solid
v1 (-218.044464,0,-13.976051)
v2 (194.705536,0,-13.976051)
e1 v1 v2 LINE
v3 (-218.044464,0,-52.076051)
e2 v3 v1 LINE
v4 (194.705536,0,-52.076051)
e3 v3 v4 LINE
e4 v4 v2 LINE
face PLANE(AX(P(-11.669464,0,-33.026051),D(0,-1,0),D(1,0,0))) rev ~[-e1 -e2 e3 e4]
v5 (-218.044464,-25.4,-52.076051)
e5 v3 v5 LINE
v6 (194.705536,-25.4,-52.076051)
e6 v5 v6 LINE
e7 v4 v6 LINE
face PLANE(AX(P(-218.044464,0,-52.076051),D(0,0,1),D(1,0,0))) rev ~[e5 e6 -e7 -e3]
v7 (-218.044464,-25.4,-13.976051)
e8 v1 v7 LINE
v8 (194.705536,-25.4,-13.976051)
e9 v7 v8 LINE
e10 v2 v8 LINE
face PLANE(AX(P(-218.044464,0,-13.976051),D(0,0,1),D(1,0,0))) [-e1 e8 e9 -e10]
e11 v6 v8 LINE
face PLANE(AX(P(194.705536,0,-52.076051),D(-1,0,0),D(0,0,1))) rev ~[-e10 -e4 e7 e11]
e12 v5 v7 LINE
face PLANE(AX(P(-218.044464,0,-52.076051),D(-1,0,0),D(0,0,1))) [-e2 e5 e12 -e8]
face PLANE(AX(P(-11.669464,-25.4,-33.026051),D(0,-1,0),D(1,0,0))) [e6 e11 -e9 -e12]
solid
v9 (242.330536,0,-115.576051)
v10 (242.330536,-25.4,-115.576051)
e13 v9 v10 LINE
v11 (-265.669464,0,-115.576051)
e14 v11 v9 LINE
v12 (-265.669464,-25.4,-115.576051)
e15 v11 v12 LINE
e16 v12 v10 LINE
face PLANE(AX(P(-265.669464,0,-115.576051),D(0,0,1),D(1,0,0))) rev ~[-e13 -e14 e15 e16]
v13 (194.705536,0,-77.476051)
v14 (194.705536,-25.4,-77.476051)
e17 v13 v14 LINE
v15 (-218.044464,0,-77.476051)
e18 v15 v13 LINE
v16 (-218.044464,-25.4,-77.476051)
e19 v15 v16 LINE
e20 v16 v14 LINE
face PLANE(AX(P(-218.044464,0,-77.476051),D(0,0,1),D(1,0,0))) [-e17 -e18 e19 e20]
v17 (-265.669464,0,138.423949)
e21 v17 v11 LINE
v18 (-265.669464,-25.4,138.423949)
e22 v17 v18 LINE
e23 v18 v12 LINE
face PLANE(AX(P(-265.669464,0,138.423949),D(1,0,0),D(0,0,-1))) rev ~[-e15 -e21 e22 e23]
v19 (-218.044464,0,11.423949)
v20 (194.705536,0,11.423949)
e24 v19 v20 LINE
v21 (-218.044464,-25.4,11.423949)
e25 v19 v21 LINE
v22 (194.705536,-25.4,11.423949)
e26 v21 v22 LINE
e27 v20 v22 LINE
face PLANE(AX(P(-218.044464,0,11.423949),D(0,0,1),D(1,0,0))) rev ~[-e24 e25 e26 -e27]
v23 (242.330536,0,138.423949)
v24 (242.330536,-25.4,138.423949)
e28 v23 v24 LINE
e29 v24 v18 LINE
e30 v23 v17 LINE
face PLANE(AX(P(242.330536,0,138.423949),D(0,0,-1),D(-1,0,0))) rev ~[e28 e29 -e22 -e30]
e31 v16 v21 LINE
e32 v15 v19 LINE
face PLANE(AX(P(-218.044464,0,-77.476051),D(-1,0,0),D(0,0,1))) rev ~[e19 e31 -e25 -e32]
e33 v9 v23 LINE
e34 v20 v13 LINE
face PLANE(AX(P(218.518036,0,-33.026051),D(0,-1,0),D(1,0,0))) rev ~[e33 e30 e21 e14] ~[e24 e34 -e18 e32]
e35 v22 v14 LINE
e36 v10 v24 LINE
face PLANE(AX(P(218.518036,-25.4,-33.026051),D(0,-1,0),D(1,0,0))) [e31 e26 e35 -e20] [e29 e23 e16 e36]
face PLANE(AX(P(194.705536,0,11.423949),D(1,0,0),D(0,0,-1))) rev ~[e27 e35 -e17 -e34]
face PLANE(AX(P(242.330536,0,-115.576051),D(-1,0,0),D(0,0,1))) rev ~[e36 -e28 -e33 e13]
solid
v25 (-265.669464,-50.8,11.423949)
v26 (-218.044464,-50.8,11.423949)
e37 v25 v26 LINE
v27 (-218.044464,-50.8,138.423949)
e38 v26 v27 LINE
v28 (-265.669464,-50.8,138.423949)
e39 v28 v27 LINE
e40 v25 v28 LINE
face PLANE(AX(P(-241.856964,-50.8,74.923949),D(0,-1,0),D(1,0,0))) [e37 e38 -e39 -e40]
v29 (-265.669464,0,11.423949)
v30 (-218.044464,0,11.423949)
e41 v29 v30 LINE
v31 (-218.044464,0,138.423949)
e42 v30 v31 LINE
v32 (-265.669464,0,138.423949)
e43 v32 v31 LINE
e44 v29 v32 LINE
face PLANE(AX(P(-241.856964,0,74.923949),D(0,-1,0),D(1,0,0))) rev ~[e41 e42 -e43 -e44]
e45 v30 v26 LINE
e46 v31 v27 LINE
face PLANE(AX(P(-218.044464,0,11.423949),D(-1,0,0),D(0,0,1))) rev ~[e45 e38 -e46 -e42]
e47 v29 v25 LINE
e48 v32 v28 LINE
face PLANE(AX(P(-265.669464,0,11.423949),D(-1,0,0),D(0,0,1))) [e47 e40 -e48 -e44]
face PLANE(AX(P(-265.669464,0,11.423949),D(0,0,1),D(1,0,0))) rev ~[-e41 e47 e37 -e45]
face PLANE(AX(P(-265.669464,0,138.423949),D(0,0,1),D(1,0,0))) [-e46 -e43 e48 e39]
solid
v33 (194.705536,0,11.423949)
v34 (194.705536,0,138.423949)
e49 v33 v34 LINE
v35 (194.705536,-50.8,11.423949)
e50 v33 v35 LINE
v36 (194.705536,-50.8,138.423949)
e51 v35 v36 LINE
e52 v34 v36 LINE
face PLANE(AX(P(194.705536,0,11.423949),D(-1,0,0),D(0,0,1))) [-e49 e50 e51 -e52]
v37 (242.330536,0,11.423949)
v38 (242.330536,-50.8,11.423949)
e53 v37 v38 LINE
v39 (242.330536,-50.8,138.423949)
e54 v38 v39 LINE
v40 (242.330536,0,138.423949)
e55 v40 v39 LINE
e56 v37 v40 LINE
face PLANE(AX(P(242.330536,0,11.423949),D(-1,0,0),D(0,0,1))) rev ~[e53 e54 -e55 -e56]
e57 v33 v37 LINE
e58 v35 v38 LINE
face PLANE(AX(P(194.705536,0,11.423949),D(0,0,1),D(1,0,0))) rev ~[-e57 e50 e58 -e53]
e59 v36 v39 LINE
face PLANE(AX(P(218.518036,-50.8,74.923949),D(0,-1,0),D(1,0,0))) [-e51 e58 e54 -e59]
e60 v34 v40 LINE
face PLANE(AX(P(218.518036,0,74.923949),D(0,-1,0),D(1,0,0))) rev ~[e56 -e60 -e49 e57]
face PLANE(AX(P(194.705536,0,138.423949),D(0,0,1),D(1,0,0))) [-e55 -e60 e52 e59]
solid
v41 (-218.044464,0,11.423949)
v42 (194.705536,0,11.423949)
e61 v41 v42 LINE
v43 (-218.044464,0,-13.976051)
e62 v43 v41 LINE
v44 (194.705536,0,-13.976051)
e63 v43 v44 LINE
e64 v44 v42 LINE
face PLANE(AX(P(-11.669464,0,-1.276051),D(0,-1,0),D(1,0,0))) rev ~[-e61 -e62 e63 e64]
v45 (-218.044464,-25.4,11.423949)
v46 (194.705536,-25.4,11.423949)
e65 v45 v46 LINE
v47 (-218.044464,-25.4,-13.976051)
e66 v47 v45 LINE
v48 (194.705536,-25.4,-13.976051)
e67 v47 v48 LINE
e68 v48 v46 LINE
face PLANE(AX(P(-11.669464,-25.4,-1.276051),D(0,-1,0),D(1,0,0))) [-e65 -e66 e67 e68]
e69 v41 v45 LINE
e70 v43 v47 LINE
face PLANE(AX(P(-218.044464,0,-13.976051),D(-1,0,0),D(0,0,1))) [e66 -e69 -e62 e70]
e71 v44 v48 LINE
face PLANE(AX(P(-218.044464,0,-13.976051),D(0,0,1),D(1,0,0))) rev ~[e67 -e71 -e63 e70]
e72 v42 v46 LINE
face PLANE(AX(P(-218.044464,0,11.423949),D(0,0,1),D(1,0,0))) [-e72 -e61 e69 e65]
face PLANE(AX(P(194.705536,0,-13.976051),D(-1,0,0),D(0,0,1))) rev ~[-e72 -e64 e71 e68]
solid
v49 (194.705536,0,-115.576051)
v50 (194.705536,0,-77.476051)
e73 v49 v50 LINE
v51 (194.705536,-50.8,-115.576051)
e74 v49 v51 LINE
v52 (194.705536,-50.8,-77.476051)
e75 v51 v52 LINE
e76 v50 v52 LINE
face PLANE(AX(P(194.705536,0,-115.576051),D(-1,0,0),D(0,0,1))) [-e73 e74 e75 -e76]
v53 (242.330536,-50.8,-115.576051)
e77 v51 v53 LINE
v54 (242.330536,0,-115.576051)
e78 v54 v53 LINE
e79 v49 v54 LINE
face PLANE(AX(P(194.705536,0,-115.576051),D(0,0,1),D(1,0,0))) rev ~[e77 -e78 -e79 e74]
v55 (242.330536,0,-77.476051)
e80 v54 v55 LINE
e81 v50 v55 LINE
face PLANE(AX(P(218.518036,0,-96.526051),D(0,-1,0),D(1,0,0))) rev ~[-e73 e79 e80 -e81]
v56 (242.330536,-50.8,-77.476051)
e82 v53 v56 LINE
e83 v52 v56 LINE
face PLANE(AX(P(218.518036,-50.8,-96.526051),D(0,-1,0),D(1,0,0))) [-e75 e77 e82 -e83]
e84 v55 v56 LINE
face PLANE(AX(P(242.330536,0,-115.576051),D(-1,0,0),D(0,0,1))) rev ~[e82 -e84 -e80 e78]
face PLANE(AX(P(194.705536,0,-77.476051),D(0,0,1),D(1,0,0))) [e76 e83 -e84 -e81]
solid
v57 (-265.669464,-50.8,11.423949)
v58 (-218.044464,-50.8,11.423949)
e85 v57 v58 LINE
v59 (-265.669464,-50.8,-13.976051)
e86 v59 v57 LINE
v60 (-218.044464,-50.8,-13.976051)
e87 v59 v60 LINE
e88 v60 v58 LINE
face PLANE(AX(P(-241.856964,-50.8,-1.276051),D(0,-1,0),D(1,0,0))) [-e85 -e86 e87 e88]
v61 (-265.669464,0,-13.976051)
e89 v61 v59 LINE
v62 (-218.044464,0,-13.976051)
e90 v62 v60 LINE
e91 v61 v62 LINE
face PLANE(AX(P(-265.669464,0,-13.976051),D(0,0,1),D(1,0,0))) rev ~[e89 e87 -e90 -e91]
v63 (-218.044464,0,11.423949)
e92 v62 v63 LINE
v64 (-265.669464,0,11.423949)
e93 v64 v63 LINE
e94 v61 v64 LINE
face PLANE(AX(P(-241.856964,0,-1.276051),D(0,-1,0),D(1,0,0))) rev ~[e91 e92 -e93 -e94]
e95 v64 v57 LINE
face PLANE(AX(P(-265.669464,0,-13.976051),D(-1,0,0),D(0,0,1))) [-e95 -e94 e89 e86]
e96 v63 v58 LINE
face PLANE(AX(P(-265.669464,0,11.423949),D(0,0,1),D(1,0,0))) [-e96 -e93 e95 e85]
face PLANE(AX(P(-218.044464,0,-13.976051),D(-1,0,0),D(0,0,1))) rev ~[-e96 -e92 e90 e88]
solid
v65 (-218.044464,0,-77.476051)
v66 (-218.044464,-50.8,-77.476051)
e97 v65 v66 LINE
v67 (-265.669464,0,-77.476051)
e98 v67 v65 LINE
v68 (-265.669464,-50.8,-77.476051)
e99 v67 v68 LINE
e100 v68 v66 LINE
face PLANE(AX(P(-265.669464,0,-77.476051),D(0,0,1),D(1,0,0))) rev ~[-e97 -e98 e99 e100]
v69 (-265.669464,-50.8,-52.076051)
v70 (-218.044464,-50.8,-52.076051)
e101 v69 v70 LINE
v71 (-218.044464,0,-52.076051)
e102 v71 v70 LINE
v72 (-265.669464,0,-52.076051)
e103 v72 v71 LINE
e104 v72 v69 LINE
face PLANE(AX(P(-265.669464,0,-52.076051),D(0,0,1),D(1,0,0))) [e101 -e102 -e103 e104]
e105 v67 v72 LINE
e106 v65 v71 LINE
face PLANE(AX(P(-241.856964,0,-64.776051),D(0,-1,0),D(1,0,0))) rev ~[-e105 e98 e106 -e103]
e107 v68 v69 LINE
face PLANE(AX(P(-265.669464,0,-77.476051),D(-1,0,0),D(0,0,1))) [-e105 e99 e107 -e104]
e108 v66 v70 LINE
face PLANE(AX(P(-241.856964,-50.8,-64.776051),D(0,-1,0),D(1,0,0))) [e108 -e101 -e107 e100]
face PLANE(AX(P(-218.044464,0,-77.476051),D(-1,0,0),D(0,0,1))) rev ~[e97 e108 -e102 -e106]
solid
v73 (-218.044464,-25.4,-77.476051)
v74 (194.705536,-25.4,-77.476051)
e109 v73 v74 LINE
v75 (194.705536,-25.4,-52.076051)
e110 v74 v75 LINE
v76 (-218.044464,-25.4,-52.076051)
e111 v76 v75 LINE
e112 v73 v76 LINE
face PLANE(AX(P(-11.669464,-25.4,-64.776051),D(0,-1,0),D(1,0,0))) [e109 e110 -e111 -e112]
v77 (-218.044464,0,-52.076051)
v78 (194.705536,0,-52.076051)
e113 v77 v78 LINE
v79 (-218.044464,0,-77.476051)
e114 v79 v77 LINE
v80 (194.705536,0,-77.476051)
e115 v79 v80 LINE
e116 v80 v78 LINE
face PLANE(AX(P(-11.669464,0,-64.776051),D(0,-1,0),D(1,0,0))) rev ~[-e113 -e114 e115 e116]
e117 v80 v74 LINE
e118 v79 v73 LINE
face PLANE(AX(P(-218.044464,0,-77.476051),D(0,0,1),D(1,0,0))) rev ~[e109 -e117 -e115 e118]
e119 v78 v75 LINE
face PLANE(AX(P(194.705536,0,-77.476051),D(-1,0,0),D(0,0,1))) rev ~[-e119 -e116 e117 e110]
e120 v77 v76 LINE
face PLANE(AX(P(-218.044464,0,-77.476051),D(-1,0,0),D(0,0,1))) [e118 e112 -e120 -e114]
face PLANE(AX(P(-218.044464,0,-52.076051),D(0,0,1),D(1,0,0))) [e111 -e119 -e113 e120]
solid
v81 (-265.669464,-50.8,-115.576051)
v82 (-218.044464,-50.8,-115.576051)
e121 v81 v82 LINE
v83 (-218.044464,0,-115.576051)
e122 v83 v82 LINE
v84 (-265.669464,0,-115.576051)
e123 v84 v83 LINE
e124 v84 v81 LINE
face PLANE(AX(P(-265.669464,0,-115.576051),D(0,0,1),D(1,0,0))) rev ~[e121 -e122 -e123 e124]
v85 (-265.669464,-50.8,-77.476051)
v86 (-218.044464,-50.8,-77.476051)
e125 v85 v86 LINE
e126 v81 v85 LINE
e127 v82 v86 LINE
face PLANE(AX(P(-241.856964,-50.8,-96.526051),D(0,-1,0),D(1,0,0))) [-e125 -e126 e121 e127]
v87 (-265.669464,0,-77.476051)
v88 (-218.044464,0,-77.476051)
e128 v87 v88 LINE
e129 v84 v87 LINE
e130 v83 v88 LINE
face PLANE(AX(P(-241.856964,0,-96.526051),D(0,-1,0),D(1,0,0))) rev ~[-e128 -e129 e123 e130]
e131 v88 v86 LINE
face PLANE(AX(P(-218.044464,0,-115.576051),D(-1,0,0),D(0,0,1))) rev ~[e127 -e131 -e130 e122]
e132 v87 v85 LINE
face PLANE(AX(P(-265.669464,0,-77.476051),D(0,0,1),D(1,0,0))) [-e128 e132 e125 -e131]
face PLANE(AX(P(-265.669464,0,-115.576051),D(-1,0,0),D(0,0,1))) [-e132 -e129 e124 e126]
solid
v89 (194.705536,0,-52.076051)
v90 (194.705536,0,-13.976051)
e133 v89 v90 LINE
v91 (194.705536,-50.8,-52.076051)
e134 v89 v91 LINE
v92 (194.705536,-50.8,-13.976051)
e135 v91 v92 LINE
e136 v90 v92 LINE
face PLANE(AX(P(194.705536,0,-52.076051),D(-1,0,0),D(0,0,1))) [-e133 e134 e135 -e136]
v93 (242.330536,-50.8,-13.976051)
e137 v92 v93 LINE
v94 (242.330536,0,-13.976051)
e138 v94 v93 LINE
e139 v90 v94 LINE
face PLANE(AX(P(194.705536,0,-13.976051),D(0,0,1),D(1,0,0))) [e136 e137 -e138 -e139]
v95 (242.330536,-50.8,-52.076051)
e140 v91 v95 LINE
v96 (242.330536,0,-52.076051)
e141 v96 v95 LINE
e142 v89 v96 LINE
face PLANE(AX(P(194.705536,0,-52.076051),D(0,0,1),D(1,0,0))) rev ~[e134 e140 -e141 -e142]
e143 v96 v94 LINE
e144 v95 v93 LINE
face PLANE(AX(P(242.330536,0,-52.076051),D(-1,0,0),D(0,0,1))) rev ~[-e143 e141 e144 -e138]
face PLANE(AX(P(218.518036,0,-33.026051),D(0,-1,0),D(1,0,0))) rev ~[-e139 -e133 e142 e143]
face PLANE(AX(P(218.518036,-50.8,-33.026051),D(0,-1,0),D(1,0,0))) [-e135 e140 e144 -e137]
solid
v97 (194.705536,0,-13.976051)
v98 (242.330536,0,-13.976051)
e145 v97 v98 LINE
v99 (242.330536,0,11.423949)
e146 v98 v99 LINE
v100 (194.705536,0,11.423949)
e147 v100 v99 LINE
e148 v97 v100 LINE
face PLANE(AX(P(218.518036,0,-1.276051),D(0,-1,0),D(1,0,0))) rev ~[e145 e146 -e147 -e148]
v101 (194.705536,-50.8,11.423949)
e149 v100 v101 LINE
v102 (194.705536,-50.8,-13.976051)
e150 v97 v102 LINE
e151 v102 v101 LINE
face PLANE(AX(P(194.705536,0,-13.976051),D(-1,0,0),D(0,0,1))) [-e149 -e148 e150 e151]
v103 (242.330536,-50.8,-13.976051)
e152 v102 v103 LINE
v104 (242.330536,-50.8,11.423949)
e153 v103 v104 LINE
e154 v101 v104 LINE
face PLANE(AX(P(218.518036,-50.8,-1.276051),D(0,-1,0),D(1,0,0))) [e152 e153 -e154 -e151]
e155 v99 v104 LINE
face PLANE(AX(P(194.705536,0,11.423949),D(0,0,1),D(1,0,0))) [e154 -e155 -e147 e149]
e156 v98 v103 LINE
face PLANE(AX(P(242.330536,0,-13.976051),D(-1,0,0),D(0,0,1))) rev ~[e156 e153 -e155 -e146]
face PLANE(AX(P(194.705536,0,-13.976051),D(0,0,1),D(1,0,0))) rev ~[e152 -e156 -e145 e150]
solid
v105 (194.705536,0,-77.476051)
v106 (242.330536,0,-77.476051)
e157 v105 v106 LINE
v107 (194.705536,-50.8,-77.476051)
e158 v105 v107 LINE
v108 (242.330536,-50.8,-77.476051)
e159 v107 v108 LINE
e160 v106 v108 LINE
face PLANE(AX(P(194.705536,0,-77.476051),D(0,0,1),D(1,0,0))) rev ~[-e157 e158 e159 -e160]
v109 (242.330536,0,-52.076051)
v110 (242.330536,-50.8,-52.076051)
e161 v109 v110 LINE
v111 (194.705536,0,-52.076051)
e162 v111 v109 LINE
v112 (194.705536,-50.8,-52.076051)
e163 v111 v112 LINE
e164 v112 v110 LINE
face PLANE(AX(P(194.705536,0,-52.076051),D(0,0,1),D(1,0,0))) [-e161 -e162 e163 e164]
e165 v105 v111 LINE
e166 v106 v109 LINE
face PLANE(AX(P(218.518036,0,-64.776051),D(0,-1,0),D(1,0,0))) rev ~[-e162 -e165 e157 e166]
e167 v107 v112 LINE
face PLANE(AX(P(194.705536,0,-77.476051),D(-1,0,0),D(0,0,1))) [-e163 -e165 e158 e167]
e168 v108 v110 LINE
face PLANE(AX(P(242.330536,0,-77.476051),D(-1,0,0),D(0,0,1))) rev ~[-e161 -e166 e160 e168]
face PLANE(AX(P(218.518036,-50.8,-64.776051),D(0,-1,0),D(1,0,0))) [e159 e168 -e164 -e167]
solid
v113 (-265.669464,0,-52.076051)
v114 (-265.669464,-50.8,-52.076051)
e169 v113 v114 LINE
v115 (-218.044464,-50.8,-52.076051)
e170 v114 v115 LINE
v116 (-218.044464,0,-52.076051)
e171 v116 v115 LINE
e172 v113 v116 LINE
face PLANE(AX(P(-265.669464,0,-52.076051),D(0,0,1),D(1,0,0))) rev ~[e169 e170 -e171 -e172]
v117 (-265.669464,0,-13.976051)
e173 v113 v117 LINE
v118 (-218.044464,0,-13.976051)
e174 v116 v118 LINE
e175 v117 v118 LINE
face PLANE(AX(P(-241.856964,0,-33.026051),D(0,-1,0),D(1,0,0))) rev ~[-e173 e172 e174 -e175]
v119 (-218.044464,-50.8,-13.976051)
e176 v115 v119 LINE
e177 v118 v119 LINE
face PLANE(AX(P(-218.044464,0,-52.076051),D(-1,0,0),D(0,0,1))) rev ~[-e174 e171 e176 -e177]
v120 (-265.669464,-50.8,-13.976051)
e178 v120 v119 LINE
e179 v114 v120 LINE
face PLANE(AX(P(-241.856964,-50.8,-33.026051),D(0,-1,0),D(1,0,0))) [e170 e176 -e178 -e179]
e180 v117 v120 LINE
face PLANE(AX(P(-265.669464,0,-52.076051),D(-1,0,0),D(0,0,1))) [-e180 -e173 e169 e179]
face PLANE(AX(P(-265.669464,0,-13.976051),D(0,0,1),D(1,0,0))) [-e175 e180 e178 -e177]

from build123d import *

# Parameters (mm, degrees)
F0_W      = 47.625
F0_H      = 38.1
F0_H_2    = 25.4
F0_H_3    = 127
F0_W_2    = 412.75
F1_DEPTH  = 25.4
F2_DEPTH  = 50.8
F3_DEPTH  = 50.8
F4_DEPTH  = 50.8
F5_DEPTH  = 25.4
F6_DEPTH  = 50.8
F7_DEPTH  = 50.8
F8_DEPTH  = 25.4
F9_DEPTH  = 50.8
F10_DEPTH = 25.4


with BuildPart() as f1:
    # F0 (on Front) → F1 (new body)
    with BuildSketch(Plane.XZ):
        with Locations((218.5180362463, -33.0260505199)):
            Rectangle(F0_W, F0_H)
        with Locations((218.5180362463, -96.5260505199)):
            Rectangle(F0_W, F0_H)
        with Locations((-241.8569637537, -33.0260505199)):
            Rectangle(F0_W, F0_H)
        with Locations((218.5180362463, -64.7760505199)):
            Rectangle(F0_W, F0_H_2)
        with Locations((218.5180362463, 74.9239494801)):
            Rectangle(F0_W, F0_H_3)
        with Locations((-11.6694637537, 74.9239494801)):
            Rectangle(F0_W_2, F0_H_3)
        with Locations((-241.8569637537, -64.7760505199)):
            Rectangle(F0_W, F0_H_2)
        with Locations((218.5180362463, -1.2760505199)):
            Rectangle(F0_W, F0_H_2)
        with Locations((-241.8569637537, 74.9239494801)):
            Rectangle(F0_W, F0_H_3)
        with Locations((-11.6694637537, -96.5260505199)):
            Rectangle(F0_W_2, F0_H)
        with Locations((-241.8569637537, -1.2760505199)):
            Rectangle(F0_W, F0_H_2)
        with Locations((-241.8569637537, -96.5260505199)):
            Rectangle(F0_W, F0_H)
    extrude(amount=F1_DEPTH)


with BuildPart() as f2:
    # F0 (on Front) → F2 (new body)
    with BuildSketch(Plane.XZ):
        with Locations((-241.8569637537, 74.9239494801)):
            Rectangle(F0_W, F0_H_3)
    extrude(amount=F2_DEPTH)


with BuildPart() as f3:
    # F0 (on Front) → F3 (new body)
    with BuildSketch(Plane.XZ):
        with Locations((218.5180362463, 74.9239494801)):
            Rectangle(F0_W, F0_H_3)
    extrude(amount=F3_DEPTH)


with BuildPart() as f4:
    # F0 (on Front) → F4 (new body)
    with BuildSketch(Plane.XZ):
        with Locations((-241.8569637537, -64.7760505199)):
            Rectangle(F0_W, F0_H_2)
    extrude(amount=F4_DEPTH)


with BuildPart() as f4b:
    # F0 (on Front) → F4, piece 2 (new body)
    with BuildSketch(Plane.XZ):
        with Locations((218.5180362463, -64.7760505199)):
            Rectangle(F0_W, F0_H_2)
    extrude(amount=F4_DEPTH)


with BuildPart() as f5:
    # F0 (on Front) → F5 (new body)
    with BuildSketch(Plane.XZ):
        with Locations((-11.6694637537, -64.7760505199)):
            Rectangle(F0_W_2, F0_H_2)
    extrude(amount=F5_DEPTH)


with BuildPart() as f6:
    # F0 (on Front) → F6 (new body)
    with BuildSketch(Plane.XZ):
        with Locations((-241.8569637537, -96.5260505199)):
            Rectangle(F0_W, F0_H)
    extrude(amount=F6_DEPTH)


with BuildPart() as f6b:
    # F0 (on Front) → F6, piece 2 (new body)
    with BuildSketch(Plane.XZ):
        with Locations((218.5180362463, -96.5260505199)):
            Rectangle(F0_W, F0_H)
    extrude(amount=F6_DEPTH)


with BuildPart() as f7:
    # F0 (on Front) → F7 (new body)
    with BuildSketch(Plane.XZ):
        with Locations((-241.8569637537, -1.2760505199)):
            Rectangle(F0_W, F0_H_2)
    extrude(amount=F7_DEPTH)


with BuildPart() as f7b:
    # F0 (on Front) → F7, piece 2 (new body)
    with BuildSketch(Plane.XZ):
        with Locations((218.5180362463, -1.2760505199)):
            Rectangle(F0_W, F0_H_2)
    extrude(amount=F7_DEPTH)


with BuildPart() as f8:
    # F0 (on Front) → F8 (new body)
    with BuildSketch(Plane.XZ):
        with Locations((-11.6694637537, -1.2760505199)):
            Rectangle(F0_W_2, F0_H_2)
    extrude(amount=F8_DEPTH)


with BuildPart() as f9:
    # F0 (on Front) → F9 (new body)
    with BuildSketch(Plane.XZ):
        with Locations((-241.8569637537, -33.0260505199)):
            Rectangle(F0_W, F0_H)
    extrude(amount=F9_DEPTH)


with BuildPart() as f9b:
    # F0 (on Front) → F9, piece 2 (new body)
    with BuildSketch(Plane.XZ):
        with Locations((218.5180362463, -33.0260505199)):
            Rectangle(F0_W, F0_H)
    extrude(amount=F9_DEPTH)


with BuildPart() as f10:
    # F0 (on Front) → F10 (new body)
    with BuildSketch(Plane.XZ):
        with Locations((-11.6694637537, -33.0260505199)):
            Rectangle(F0_W_2, F0_H)
    extrude(amount=F10_DEPTH)


solid = Compound([f1.part, f2.part, f3.part, f4.part, f4b.part, f5.part, f6.part, f6b.part, f7.part, f7b.part, f8.part, f9.part, f9b.part, f10.part])
